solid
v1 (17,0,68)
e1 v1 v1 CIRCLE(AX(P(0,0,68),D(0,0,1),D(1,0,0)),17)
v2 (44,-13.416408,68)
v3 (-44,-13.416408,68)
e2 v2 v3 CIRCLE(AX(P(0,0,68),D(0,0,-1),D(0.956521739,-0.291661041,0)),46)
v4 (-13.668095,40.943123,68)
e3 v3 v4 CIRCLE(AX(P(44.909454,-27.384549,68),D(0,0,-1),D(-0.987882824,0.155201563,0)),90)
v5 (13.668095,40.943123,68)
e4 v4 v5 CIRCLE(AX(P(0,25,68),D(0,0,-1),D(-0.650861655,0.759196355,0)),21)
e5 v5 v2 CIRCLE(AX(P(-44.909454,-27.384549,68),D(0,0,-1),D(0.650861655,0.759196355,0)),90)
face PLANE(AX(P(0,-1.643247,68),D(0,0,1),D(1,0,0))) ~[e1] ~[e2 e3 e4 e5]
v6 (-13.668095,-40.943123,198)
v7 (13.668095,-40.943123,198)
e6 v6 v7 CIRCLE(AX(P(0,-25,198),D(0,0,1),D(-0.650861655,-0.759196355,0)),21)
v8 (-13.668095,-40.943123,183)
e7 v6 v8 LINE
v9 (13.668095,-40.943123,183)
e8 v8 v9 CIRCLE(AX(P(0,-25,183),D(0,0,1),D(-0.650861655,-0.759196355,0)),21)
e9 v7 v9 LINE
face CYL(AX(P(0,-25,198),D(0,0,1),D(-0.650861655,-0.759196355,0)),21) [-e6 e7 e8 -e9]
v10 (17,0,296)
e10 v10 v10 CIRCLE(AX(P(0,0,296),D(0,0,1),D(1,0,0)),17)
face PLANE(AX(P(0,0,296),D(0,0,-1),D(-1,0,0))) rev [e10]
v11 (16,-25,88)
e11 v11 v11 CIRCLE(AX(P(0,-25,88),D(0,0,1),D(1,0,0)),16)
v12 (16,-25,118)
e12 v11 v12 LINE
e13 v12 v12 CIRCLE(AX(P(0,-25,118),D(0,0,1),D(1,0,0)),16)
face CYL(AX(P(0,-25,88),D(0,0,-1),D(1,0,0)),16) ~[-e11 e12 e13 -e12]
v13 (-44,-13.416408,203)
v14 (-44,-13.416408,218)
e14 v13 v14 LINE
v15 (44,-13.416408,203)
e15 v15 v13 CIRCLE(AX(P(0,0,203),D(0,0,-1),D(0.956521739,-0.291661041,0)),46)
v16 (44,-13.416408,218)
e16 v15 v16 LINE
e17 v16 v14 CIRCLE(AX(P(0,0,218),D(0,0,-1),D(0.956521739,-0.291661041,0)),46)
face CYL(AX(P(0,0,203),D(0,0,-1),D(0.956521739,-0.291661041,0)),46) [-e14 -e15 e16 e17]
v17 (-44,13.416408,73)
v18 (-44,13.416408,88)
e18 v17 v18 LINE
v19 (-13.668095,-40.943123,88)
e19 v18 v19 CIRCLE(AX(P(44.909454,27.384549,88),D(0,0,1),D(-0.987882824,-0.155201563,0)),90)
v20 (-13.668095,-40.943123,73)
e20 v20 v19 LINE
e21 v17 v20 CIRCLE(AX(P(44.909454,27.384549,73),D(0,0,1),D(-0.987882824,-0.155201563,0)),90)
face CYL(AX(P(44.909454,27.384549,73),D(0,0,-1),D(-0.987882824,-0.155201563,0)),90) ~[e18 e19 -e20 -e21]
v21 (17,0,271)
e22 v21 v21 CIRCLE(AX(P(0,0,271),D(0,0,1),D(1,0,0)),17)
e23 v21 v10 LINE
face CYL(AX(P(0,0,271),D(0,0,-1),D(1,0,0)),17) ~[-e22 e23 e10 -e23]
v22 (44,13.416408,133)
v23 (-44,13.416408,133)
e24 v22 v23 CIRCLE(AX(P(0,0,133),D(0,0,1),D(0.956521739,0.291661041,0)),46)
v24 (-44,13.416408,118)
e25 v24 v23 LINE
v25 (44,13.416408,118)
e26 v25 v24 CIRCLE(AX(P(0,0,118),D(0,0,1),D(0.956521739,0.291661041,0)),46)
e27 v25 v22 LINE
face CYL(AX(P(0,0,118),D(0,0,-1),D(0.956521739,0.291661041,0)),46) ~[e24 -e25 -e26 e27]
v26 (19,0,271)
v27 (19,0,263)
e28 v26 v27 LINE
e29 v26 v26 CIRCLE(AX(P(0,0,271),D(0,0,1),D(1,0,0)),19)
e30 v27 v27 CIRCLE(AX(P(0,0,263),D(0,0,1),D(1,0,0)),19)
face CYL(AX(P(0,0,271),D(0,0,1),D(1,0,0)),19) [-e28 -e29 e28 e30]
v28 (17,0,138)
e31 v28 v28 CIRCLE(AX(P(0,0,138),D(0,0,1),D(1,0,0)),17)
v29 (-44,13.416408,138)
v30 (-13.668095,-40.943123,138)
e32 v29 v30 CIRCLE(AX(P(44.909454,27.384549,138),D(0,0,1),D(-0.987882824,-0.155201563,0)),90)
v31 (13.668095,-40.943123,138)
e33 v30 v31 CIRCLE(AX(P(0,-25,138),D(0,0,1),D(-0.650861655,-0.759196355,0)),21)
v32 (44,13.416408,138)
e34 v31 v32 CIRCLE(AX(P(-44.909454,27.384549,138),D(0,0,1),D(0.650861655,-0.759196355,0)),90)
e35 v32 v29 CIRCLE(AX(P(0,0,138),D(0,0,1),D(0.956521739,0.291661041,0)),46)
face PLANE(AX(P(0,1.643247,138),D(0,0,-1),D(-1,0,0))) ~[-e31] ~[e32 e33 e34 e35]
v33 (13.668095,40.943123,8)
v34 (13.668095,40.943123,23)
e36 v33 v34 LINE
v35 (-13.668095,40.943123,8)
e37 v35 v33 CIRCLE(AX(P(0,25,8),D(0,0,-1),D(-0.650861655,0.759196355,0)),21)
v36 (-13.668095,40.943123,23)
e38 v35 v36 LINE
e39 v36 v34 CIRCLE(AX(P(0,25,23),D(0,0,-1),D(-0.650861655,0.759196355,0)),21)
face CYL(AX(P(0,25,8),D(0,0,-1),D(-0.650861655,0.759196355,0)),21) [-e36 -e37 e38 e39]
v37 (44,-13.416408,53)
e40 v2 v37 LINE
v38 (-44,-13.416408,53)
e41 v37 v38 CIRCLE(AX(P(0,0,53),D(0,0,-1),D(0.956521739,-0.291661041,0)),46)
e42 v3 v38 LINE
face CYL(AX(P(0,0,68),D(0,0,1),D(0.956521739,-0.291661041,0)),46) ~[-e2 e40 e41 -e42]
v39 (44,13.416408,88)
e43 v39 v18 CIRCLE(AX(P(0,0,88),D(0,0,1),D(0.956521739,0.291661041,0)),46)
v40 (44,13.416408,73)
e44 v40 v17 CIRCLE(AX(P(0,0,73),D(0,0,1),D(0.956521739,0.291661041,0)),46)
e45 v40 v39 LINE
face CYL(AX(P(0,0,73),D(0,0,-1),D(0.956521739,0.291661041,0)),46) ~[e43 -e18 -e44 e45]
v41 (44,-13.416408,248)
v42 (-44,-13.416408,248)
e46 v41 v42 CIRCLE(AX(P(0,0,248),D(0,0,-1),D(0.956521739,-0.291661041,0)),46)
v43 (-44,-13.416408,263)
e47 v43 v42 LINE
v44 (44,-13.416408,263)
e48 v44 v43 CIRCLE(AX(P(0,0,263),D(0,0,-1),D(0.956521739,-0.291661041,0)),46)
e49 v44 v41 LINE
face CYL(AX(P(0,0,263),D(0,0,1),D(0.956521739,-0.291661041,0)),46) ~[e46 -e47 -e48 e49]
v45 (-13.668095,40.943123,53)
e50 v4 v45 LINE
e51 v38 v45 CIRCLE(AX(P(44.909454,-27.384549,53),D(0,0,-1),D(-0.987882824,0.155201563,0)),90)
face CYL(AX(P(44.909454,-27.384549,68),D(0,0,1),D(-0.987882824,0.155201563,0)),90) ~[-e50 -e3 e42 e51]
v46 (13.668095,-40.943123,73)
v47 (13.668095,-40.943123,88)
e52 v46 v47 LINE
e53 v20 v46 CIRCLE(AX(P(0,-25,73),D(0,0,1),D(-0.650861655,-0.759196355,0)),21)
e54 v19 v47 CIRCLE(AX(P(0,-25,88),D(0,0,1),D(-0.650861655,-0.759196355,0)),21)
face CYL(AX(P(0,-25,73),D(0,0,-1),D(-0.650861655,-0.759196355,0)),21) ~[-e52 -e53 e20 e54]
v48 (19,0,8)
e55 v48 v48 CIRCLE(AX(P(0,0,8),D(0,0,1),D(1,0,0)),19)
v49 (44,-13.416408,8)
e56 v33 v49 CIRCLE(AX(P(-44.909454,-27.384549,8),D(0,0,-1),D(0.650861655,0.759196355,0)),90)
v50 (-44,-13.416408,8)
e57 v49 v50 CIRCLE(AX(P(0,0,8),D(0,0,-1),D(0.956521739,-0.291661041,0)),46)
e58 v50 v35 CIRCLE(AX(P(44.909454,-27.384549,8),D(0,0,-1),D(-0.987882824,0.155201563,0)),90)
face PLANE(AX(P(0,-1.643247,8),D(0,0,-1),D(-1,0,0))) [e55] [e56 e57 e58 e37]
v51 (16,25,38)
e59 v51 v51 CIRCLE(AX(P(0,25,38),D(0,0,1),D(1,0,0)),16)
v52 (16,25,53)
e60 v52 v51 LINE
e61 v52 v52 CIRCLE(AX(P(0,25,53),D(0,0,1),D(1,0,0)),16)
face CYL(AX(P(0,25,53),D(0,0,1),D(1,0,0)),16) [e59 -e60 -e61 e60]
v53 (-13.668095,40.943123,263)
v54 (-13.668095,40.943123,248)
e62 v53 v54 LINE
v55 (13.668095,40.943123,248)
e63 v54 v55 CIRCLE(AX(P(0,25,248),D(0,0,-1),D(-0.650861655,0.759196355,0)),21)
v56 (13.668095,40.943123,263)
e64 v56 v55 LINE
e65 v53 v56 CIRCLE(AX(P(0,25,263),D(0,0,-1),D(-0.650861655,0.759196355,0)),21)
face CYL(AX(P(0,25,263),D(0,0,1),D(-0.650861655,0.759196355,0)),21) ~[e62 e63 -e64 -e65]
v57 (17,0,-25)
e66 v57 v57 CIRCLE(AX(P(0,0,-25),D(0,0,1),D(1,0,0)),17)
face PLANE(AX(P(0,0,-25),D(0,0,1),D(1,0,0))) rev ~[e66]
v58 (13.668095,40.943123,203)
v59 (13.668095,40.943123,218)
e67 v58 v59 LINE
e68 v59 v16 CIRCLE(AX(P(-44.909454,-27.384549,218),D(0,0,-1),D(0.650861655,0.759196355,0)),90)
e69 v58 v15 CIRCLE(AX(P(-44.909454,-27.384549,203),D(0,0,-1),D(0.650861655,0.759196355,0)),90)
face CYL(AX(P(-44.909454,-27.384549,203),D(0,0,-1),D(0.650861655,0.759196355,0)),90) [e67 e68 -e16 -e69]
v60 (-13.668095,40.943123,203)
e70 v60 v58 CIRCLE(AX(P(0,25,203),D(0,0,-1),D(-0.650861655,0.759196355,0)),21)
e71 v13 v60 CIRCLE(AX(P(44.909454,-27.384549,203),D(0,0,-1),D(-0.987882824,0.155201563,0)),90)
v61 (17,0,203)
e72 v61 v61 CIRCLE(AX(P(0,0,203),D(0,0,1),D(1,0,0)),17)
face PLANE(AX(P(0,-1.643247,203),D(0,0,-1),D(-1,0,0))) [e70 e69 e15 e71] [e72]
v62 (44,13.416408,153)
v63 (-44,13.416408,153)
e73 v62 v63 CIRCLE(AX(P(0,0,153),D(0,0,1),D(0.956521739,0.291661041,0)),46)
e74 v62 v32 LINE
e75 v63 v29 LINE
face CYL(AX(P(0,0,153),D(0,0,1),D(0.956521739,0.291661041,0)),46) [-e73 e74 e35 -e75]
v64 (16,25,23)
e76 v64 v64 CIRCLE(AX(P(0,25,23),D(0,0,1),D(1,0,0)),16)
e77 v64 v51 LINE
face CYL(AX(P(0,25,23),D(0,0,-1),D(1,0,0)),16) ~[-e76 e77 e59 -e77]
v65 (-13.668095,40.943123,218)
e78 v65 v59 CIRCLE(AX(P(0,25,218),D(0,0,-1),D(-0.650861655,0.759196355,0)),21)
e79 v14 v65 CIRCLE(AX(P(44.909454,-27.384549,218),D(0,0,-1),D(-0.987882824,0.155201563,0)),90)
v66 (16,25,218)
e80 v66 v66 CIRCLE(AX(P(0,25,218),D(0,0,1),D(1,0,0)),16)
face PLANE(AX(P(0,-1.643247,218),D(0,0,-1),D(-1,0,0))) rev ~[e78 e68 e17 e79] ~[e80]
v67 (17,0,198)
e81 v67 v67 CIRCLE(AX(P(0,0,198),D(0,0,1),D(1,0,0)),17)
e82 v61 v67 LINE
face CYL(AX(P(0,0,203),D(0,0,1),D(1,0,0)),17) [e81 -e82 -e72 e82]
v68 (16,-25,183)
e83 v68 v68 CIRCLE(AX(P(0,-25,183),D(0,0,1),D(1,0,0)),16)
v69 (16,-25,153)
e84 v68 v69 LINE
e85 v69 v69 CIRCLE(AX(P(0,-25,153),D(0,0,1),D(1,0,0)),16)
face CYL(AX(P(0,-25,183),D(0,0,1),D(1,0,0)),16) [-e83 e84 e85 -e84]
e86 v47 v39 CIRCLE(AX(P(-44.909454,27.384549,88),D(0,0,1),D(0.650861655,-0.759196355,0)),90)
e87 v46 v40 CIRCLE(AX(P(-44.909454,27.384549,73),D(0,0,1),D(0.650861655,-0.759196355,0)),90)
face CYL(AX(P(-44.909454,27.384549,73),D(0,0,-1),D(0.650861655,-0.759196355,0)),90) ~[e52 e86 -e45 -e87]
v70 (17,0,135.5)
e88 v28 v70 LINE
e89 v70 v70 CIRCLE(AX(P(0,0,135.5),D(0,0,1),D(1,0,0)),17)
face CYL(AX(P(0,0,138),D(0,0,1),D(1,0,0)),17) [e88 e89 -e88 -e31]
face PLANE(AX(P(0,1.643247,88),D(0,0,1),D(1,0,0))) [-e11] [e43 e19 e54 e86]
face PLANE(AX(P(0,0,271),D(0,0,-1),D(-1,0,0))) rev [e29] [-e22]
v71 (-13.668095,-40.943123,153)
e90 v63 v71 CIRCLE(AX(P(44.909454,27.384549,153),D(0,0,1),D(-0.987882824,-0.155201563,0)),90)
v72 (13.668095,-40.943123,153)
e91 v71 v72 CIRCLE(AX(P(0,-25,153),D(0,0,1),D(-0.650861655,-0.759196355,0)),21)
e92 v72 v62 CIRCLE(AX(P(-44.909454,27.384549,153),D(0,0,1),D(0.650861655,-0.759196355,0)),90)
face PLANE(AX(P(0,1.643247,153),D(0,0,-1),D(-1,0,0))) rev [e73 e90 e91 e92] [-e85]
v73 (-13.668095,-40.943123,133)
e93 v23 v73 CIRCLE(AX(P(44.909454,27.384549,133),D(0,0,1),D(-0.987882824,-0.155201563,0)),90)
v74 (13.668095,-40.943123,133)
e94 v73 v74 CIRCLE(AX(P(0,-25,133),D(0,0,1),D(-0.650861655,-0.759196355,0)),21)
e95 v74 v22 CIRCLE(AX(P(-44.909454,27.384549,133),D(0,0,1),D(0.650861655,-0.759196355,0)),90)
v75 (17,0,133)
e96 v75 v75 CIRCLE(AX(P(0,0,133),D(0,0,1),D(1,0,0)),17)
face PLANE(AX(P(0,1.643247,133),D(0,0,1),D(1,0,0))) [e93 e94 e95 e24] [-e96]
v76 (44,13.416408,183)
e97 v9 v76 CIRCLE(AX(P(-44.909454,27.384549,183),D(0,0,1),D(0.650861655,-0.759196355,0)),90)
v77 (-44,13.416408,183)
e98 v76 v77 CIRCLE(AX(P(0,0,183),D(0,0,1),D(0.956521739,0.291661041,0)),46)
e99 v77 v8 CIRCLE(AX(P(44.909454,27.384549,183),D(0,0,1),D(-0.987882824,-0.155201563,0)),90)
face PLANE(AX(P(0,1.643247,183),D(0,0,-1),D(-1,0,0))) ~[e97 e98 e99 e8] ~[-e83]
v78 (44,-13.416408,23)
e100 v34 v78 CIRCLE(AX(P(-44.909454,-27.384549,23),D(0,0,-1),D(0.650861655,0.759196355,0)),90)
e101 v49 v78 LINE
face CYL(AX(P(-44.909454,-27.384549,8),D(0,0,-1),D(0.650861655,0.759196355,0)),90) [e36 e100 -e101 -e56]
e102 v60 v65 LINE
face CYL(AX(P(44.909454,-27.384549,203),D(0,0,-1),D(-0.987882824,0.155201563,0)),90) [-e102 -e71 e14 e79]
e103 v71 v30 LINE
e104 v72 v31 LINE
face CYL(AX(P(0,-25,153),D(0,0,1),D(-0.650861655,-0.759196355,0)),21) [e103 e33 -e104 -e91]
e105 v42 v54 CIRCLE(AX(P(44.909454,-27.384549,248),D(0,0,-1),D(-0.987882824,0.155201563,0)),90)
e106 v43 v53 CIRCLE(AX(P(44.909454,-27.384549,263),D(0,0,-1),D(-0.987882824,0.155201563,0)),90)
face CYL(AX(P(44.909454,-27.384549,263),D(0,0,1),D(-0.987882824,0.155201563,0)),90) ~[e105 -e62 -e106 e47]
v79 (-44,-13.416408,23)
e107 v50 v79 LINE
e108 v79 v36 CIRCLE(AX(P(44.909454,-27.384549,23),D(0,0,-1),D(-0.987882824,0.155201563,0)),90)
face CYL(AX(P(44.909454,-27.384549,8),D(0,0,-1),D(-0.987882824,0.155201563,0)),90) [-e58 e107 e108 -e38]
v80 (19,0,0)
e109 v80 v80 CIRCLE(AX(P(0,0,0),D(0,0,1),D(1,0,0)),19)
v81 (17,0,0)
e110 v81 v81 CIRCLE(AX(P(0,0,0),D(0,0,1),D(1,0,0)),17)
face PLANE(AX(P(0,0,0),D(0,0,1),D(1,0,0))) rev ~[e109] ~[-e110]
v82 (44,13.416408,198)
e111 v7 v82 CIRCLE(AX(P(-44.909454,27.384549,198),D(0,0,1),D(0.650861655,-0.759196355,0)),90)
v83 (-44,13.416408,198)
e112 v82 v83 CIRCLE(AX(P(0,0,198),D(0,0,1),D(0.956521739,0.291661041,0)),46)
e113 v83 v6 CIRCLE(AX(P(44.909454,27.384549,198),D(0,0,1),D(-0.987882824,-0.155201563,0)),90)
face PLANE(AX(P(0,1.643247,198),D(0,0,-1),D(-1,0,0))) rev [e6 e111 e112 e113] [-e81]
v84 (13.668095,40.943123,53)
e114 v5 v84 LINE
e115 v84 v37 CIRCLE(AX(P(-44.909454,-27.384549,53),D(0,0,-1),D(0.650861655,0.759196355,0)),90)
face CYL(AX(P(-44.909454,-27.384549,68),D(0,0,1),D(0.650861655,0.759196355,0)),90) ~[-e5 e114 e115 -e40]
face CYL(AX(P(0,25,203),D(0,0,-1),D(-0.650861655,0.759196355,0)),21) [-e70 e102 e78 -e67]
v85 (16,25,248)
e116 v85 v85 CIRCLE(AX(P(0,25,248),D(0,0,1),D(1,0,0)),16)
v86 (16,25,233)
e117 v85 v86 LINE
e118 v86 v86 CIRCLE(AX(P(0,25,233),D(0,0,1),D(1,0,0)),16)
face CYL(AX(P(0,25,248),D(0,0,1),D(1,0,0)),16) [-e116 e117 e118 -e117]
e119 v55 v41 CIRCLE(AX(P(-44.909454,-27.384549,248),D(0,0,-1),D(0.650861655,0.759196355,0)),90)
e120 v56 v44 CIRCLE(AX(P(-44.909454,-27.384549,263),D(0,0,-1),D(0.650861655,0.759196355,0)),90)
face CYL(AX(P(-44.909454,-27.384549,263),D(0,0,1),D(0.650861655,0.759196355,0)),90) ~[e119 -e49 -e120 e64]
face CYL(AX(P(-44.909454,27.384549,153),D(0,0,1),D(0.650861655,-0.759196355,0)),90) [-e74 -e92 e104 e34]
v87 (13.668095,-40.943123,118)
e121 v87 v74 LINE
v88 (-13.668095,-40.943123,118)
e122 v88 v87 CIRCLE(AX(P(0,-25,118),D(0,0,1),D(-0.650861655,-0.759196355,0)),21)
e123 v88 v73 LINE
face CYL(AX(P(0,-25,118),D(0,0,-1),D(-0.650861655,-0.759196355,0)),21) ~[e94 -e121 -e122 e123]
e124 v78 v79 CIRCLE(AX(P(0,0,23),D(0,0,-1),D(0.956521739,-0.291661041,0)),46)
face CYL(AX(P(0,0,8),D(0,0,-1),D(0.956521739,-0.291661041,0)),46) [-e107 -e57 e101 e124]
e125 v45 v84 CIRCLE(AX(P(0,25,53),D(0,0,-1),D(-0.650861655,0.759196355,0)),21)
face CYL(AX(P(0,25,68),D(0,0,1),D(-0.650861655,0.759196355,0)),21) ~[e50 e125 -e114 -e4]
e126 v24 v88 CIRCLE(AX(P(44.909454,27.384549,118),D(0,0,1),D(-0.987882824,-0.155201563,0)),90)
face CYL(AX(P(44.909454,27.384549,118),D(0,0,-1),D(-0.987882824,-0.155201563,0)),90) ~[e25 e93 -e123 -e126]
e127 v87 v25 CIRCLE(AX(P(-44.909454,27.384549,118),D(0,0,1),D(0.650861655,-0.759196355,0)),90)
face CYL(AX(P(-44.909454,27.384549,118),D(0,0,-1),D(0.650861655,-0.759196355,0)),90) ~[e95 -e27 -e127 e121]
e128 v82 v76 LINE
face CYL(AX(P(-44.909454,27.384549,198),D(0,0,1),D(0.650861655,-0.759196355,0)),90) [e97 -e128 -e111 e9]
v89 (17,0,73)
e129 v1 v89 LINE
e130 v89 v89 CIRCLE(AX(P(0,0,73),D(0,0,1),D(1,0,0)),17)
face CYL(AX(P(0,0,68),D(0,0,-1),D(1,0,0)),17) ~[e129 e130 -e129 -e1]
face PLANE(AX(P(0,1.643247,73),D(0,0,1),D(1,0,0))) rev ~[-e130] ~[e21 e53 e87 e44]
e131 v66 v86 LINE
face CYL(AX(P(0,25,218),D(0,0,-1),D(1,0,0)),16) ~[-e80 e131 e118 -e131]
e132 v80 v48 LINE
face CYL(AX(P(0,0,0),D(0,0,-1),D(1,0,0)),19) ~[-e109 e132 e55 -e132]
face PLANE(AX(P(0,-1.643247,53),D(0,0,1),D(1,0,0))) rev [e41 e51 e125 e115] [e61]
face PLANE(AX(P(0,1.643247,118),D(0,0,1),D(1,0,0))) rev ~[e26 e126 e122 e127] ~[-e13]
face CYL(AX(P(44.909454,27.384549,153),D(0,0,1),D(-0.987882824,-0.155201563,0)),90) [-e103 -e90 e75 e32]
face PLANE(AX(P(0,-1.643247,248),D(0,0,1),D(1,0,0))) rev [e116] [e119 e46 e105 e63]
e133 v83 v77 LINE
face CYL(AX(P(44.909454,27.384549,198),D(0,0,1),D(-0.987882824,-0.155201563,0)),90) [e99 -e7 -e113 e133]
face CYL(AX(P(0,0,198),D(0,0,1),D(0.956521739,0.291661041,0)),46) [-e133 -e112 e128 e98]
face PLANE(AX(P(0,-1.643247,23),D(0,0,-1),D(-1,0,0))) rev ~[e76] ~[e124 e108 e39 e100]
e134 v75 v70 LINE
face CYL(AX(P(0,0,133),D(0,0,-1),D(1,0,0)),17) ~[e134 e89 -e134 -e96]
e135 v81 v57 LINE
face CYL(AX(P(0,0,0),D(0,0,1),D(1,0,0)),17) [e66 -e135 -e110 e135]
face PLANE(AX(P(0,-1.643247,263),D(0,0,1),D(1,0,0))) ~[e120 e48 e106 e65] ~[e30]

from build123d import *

# Parameters (mm, degrees)
SKETCH1_R            = 17
BOSS_EXTRUDE2_DEPTH  = 25
SKETCH1_7_R          = 19
BOSS_EXTRUDE4_DEPTH  = 8
BOSS_EXTRUDE5_DEPTH  = 15
SKETCH5_R            = 16
BOSS_EXTRUDE6_DEPTH  = 15
SKETCH6_R            = 17
BOSS_EXTRUDE7_DEPTH  = 5
BOSS_EXTRUDE8_DEPTH  = 15
SKETCH8_R            = 16
BOSS_EXTRUDE9_DEPTH  = 30
BOSS_EXTRUDE10_DEPTH = 15
SKETCH10_R           = 17
BOSS_EXTRUDE13_DEPTH = 2.5


with BuildPart() as part:
    # Sketch1 → Boss-Extrude2 (new body)
    with BuildSketch(Plane.XY):
        Circle(SKETCH1_R)
    extrude(amount=-BOSS_EXTRUDE2_DEPTH)

    # Sketch1_7 → Boss-Extrude4 (add)
    with BuildSketch(Plane.XY):
        Circle(SKETCH1_7_R)
    extrude(amount=BOSS_EXTRUDE4_DEPTH)

    # Sketch4 → Boss-Extrude5 (add)
    with BuildSketch(Plane.XY.offset(8)):
        with BuildLine():
            ThreePointArc((-13.668094758, 40.943123461), (0, 46), (13.668094758, 40.943123461))
            ThreePointArc((13.668094758, 40.943123461), (33.683444249, 16.469257624), (44, -13.416407865))
            ThreePointArc((44, -13.416407865), (0, -46), (-44, -13.416407865))
            ThreePointArc((-44, -13.416407865), (-33.683444249, 16.469257624), (-13.668094758, 40.943123461))
        make_face()
    boss_extrude5 = extrude(amount=BOSS_EXTRUDE5_DEPTH)

    # Sketch5 → Boss-Extrude6 (add)
    with BuildSketch(Plane.XY.offset(23)):
        with Locations((0, 25)):
            Circle(SKETCH5_R)
    boss_extrude6 = extrude(amount=BOSS_EXTRUDE6_DEPTH)

    # Mirror2: Boss-Extrude5, Boss-Extrude6 across plane
    add(boss_extrude5.mirror(Plane(origin=(0, 25, 38), x_dir=(1, 0, 0), z_dir=(0, 0, 1))))
    add(boss_extrude6.mirror(Plane(origin=(0, 25, 38), x_dir=(1, 0, 0), z_dir=(0, 0, 1))))

    # Sketch6 → Boss-Extrude7 (add)
    with BuildSketch(Plane.XY.offset(68)):
        Circle(SKETCH6_R)
    extrude(amount=BOSS_EXTRUDE7_DEPTH)

    # Sketch7 → Boss-Extrude8 (add)
    with BuildSketch(Plane.XY.offset(73)):
        with BuildLine():
            ThreePointArc((-13.668094758, -40.943123461), (0, -46), (13.668094758, -40.943123461))
            ThreePointArc((13.668094758, -40.943123461), (33.683444249, -16.469257624), (44, 13.416407865))
            ThreePointArc((44, 13.416407865), (0, 46), (-44, 13.416407865))
            ThreePointArc((-44, 13.416407865), (-33.683444249, -16.469257624), (-13.668094758, -40.943123461))
        make_face()
    extrude(amount=BOSS_EXTRUDE8_DEPTH)

    # Sketch8 → Boss-Extrude9 (add)
    with BuildSketch(Plane.XY.offset(88)):
        with Locations((0, -25)):
            Circle(SKETCH8_R)
    extrude(amount=BOSS_EXTRUDE9_DEPTH)

    # Sketch9 → Boss-Extrude10 (add)
    with BuildSketch(Plane.XY.offset(118)):
        with BuildLine():
            ThreePointArc((-13.668094758, -40.943123461), (0, -46), (13.668094758, -40.943123461))
            ThreePointArc((13.668094758, -40.943123461), (33.683444249, -16.469257624), (44, 13.416407865))
            ThreePointArc((44, 13.416407865), (0, 46), (-44, 13.416407865))
            ThreePointArc((-44, 13.416407865), (-33.683444249, -16.469257624), (-13.668094758, -40.943123461))
        make_face()
    extrude(amount=BOSS_EXTRUDE10_DEPTH)

    # Sketch10 → Boss-Extrude13 (add)
    with BuildSketch(Plane.XY.offset(133)):
        Circle(SKETCH10_R)
    extrude(amount=BOSS_EXTRUDE13_DEPTH)

    # Mirror9: part across plane


with BuildPart() as part_1:
    add(part.part)
    add(part.part.mirror(Plane.XY.offset(135.5)))


solid = part_1.part
